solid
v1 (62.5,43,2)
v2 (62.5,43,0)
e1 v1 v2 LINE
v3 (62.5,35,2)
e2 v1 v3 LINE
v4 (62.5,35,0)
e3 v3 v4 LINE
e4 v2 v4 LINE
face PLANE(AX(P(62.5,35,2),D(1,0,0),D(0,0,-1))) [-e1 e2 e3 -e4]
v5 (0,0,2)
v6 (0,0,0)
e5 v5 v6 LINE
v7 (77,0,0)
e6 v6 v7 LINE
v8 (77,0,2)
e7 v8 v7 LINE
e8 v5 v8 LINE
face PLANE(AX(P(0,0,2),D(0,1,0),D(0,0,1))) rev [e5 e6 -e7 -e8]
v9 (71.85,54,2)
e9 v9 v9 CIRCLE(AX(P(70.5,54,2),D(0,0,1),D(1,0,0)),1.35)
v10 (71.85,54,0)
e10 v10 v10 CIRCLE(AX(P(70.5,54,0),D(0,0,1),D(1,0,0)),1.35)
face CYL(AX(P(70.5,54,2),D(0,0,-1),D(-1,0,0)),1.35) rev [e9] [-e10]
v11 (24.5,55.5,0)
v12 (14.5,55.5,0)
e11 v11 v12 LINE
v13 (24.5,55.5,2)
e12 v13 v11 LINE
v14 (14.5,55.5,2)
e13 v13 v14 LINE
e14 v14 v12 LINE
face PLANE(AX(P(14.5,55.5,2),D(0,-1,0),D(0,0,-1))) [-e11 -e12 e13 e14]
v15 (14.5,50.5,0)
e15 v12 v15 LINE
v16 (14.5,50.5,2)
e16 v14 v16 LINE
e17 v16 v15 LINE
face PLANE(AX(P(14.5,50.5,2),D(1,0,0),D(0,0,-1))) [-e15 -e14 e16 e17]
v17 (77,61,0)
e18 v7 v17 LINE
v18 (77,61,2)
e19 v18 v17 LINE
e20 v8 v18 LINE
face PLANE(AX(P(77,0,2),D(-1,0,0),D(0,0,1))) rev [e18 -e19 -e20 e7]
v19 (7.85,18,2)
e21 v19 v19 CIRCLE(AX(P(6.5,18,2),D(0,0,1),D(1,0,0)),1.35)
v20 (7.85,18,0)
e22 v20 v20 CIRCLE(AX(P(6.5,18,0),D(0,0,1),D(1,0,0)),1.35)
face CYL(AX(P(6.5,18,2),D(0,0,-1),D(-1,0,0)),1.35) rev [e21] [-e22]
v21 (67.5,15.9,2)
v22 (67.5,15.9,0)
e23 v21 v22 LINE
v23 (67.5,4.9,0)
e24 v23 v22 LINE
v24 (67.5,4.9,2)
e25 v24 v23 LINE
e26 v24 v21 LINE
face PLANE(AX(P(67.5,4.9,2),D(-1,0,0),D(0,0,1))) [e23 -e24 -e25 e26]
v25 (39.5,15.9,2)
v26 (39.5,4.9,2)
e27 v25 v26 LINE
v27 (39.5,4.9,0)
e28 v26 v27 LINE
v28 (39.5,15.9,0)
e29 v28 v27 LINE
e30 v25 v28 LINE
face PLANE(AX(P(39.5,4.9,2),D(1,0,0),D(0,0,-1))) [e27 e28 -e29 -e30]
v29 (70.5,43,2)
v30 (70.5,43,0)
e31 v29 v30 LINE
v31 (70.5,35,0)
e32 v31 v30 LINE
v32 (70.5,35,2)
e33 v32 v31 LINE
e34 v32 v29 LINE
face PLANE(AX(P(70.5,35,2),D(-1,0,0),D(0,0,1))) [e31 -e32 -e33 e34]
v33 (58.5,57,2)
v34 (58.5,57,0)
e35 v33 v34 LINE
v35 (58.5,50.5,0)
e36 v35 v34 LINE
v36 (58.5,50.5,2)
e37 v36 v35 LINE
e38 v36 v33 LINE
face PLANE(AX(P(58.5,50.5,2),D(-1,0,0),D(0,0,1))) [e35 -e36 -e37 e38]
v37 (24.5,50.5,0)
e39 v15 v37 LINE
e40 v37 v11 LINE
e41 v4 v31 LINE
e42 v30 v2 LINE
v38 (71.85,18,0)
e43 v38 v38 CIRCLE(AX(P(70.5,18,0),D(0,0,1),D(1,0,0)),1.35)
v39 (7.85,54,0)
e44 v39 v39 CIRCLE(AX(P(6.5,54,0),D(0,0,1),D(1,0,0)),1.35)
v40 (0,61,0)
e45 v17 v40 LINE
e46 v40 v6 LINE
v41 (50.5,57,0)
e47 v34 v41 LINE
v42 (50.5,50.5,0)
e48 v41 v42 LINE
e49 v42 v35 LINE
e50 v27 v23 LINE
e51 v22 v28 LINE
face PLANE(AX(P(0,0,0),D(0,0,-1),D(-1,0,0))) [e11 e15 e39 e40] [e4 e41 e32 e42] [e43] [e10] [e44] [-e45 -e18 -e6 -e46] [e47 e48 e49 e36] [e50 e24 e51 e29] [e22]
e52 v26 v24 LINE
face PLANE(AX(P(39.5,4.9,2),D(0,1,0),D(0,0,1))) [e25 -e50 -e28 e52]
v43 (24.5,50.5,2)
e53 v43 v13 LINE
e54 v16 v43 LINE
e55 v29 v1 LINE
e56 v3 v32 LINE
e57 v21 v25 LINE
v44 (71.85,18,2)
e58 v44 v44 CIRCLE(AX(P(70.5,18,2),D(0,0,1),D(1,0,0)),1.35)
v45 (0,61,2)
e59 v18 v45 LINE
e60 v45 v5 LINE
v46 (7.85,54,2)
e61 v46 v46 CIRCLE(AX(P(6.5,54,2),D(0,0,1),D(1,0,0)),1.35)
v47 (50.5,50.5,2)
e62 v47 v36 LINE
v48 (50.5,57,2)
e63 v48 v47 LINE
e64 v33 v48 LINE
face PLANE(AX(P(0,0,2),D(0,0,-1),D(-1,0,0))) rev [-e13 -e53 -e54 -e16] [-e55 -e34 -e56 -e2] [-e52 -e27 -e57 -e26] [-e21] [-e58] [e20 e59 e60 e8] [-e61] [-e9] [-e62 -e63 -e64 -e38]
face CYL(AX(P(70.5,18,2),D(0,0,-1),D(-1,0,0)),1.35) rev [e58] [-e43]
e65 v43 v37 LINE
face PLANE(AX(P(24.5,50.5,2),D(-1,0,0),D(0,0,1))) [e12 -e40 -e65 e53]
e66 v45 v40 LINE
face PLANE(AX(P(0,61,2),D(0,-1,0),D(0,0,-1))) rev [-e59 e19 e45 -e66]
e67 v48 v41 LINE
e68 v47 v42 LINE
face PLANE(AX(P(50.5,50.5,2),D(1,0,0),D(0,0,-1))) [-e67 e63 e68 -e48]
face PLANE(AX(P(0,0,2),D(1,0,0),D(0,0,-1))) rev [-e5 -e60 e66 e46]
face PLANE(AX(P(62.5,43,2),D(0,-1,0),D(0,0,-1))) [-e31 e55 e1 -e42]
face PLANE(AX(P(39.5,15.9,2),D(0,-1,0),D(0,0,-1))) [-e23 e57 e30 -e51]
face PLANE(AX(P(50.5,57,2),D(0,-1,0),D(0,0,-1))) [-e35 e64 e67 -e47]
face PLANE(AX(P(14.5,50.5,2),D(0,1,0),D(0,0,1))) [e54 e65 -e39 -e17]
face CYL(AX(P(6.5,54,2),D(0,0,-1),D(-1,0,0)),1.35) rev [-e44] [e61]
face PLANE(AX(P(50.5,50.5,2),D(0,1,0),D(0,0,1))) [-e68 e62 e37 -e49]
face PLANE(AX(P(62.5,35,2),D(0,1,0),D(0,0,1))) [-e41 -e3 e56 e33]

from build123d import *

# Parameters (mm, degrees)
SKETCH_1_W          = 77
SKETCH_1_H          = 61
EXTRUDE_1_DEPTH     = 2
SKETCH_2_W          = 28
SKETCH_2_H          = 11
CUT_EXTRUDE_1_DEPTH = 99.254770877
SKETCH_3_W          = 10
SKETCH_3_H          = 5
SKETCH_3_W_2        = 8
SKETCH_3_H_2        = 6.5
SKETCH_3_H_3        = 8
CUT_EXTRUDE_2_DEPTH = 99.254770877
SKETCH_4_R          = 1.35
CUT_EXTRUDE_3_DEPTH = 99.254770877


with BuildPart() as part:
    # 草图1 → 凸台-拉伸1 (new body)
    with BuildSketch(Plane.XY):
        with Locations((38.5, 30.5)):
            Rectangle(SKETCH_1_W, SKETCH_1_H)
    extrude(amount=EXTRUDE_1_DEPTH)

    # 草图2 → 切除-拉伸1 (cut, through all)
    with BuildSketch(Plane.XY):
        with Locations((53.5, 10.4)):
            Rectangle(SKETCH_2_W, SKETCH_2_H)
    extrude(amount=CUT_EXTRUDE_1_DEPTH, mode=Mode.SUBTRACT)

    # 草图3 → 切除-拉伸2 (cut, through all)
    with BuildSketch(Plane.XY):
        with Locations((19.5, 53)):
            Rectangle(SKETCH_3_W, SKETCH_3_H)
        with Locations((54.5, 53.75)):
            Rectangle(SKETCH_3_W_2, SKETCH_3_H_2)
        with Locations((66.5, 39)):
            Rectangle(SKETCH_3_W_2, SKETCH_3_H_3)
    extrude(amount=CUT_EXTRUDE_2_DEPTH, mode=Mode.SUBTRACT)

    # 草图4 → 切除-拉伸3 (cut, through all)
    with BuildSketch(Plane.XY):
        with Locations((6.5, 18)):
            Circle(SKETCH_4_R)
        with Locations((70.5, 18)):
            Circle(SKETCH_4_R)
        with Locations((6.5, 54)):
            Circle(SKETCH_4_R)
        with Locations((70.5, 54)):
            Circle(SKETCH_4_R)
    extrude(amount=CUT_EXTRUDE_3_DEPTH, mode=Mode.SUBTRACT)


solid = part.part
